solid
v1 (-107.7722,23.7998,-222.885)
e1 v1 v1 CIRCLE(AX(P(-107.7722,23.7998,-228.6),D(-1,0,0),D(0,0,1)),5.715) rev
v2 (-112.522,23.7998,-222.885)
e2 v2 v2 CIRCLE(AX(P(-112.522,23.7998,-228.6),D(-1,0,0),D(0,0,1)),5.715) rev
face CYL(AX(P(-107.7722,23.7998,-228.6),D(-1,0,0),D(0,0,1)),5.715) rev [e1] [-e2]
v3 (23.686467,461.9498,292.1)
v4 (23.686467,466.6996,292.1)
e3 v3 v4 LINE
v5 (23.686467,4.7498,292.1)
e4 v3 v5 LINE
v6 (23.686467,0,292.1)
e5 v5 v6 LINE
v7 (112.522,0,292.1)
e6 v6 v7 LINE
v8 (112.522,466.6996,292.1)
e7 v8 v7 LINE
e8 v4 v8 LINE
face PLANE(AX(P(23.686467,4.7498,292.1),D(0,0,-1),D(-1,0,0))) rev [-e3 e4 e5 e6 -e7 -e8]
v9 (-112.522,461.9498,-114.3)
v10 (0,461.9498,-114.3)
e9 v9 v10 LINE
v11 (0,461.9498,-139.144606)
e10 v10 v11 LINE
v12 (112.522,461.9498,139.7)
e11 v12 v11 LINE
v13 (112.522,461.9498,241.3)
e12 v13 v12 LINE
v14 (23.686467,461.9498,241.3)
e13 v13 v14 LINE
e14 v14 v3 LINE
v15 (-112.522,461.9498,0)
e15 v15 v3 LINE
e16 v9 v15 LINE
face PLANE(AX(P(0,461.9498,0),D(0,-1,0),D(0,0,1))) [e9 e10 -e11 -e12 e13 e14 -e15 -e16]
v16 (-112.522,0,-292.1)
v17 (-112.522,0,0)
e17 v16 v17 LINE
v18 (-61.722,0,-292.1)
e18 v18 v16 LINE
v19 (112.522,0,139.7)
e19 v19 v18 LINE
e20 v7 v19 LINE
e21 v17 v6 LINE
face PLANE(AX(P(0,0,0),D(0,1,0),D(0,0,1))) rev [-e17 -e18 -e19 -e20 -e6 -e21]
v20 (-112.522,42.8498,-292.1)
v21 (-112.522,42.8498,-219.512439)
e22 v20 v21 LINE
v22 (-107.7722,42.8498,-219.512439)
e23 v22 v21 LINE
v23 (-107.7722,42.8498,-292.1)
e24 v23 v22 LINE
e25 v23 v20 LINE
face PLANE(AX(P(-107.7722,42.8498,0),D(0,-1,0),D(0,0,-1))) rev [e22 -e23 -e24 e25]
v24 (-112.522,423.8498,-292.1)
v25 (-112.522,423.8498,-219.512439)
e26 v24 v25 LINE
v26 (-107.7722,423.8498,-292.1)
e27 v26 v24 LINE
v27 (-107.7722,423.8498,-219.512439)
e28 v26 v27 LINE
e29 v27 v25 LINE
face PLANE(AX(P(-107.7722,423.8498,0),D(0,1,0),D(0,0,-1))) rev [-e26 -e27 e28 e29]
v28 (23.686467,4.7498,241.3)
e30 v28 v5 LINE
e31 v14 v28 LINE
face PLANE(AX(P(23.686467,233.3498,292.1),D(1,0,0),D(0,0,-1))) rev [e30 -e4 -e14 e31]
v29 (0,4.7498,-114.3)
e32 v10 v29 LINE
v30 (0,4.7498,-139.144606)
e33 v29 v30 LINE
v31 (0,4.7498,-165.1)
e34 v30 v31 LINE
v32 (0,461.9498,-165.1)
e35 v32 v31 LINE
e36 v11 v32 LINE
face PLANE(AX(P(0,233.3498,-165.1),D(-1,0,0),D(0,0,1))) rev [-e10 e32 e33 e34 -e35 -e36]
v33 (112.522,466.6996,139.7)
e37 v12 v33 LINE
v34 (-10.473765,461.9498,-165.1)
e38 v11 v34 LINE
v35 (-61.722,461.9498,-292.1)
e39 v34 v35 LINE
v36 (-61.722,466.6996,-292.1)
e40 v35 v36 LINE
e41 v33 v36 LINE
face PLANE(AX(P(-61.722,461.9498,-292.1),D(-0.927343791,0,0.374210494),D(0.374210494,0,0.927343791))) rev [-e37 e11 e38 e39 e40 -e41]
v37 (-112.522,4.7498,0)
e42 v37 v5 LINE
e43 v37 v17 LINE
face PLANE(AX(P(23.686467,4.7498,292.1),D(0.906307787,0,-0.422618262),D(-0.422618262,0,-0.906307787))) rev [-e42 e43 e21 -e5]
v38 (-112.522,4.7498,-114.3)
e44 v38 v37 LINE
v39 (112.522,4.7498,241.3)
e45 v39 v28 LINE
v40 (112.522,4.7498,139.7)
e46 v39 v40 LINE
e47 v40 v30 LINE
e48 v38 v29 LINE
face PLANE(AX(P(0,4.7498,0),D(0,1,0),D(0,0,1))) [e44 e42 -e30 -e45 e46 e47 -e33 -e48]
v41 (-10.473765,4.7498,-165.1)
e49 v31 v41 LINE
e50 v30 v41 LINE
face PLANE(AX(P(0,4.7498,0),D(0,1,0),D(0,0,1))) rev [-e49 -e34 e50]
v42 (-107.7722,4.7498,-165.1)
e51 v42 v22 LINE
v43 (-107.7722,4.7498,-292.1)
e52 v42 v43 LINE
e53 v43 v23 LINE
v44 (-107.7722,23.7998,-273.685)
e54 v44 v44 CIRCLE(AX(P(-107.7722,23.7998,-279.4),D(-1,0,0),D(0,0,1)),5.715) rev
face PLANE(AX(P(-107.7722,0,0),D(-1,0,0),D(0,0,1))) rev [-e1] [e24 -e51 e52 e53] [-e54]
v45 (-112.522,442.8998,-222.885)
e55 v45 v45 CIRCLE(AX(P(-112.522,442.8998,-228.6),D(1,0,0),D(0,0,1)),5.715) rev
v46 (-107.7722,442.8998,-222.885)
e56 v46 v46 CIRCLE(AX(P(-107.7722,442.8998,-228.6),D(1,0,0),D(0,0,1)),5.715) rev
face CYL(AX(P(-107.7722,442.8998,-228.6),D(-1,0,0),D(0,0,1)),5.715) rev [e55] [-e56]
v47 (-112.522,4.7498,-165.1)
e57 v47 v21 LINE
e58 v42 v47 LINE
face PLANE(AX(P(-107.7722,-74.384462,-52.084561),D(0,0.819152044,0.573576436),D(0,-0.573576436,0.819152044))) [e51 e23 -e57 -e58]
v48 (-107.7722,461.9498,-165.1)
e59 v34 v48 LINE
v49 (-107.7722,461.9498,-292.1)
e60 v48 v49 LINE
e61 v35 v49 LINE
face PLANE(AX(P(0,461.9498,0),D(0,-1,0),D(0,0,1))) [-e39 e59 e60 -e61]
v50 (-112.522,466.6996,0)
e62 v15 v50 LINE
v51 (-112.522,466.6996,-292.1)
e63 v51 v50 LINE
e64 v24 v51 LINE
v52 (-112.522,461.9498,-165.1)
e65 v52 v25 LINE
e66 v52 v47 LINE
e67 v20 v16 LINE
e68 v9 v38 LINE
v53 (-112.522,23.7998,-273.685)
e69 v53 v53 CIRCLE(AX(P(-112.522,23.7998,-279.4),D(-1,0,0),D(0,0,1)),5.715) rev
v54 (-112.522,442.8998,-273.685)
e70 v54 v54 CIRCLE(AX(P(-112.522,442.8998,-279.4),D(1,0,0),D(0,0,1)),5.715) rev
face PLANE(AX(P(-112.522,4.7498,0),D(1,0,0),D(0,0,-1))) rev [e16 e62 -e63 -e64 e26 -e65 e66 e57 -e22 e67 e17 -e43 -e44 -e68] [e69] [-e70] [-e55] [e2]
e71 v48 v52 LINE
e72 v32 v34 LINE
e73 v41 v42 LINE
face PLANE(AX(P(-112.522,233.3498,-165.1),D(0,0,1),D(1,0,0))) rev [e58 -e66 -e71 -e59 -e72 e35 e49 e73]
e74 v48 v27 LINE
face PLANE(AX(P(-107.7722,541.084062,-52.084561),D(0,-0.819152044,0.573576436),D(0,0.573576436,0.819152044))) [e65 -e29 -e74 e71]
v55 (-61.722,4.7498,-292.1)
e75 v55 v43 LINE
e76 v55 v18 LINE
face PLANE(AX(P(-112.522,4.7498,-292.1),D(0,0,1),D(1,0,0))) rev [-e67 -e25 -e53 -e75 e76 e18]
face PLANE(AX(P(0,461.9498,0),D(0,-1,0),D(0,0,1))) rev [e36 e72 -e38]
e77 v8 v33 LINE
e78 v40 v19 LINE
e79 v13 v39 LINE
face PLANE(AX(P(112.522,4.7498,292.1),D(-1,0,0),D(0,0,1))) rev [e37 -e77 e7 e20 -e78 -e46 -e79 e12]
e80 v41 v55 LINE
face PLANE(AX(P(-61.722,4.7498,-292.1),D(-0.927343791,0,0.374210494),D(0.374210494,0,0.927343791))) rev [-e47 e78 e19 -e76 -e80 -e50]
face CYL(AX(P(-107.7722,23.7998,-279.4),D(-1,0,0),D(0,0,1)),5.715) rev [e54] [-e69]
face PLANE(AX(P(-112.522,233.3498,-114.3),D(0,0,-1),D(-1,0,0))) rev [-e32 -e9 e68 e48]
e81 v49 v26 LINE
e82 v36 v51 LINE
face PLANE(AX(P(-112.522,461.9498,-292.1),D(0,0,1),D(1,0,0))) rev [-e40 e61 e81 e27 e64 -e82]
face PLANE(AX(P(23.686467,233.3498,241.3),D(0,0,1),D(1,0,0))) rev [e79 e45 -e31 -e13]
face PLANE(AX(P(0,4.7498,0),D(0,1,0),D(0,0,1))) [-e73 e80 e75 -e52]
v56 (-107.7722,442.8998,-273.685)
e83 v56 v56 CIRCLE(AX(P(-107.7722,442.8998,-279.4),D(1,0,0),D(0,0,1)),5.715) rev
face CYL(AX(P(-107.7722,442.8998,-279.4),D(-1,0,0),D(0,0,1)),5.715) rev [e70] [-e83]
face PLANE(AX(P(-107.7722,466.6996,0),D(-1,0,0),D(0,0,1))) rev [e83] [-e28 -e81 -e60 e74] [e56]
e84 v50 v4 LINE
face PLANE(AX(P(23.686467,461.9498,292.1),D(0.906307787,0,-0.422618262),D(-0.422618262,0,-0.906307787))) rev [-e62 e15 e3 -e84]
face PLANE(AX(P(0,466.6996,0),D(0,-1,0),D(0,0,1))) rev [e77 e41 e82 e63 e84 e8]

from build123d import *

# Parameters (mm, degrees)
BOSS_EXTRUDE1_DEPTH = 4.7498
SKETCH2_R           = 5.715
BOSS_EXTRUDE2_DEPTH = 4.7498
SKETCH3_W           = 112.522
SKETCH3_H           = 50.8
SKETCH3_W_2         = 88.835533053
BOSS_EXTRUDE3_DEPTH = 228.6


with BuildPart() as part:
    # Sketch1 → Boss-Extrude1 (new body)
    with BuildSketch(Plane(origin=(0, 0, 0), x_dir=(1, 0, 0), z_dir=(0, 1, 0))):
        Polygon((23.686466947, -292.1), (112.522, -292.1), (112.522, -139.7), (-61.722, 292.1), (-112.522, 292.1), (-112.522, 0), align=None)
    extrude(amount=BOSS_EXTRUDE1_DEPTH)



with BuildPart() as body_2:
    # Sketch2 → Boss-Extrude2 (new body)
    with BuildSketch(Plane(origin=(-112.522, 0, 11.737401462), x_dir=(0, 0, -1), z_dir=(1, 0, 0))):
        Polygon((176.837401462, 4.7498), (231.249840519, 42.8498), (303.837401462, 42.8498), (303.837401462, 4.7498), align=None)
        with Locations(Location((291.137401462, 23.7998, 0), (0, 0, 180))):
            Circle(SKETCH2_R, mode=Mode.SUBTRACT)
        with Locations(Location((240.337401462, 23.7998, 0), (0, 0, 180))):
            Circle(SKETCH2_R, mode=Mode.SUBTRACT)
    extrude(amount=BOSS_EXTRUDE2_DEPTH)


with BuildPart() as part_1:
    add(part.part)

    add(body_2.part)  # Boss-Extrude3 merges body 2
    # Sketch3 → Boss-Extrude3 (add)
    with BuildSketch(Plane(origin=(0, 4.7498, 0), x_dir=(1, 0, 0), z_dir=(0, 1, 0))):
        with Locations((-56.261, 139.7)):
            Rectangle(SKETCH3_W, SKETCH3_H)
        with Locations((68.104233474, -266.7)):
            Rectangle(SKETCH3_W_2, SKETCH3_H)
    extrude(amount=BOSS_EXTRUDE3_DEPTH)

    # Mirror1: part across plane


with BuildPart() as part_2:
    add(part_1.part)
    add(part_1.part.mirror(Plane.ZX.offset(233.3498)))


solid = part_2.part
